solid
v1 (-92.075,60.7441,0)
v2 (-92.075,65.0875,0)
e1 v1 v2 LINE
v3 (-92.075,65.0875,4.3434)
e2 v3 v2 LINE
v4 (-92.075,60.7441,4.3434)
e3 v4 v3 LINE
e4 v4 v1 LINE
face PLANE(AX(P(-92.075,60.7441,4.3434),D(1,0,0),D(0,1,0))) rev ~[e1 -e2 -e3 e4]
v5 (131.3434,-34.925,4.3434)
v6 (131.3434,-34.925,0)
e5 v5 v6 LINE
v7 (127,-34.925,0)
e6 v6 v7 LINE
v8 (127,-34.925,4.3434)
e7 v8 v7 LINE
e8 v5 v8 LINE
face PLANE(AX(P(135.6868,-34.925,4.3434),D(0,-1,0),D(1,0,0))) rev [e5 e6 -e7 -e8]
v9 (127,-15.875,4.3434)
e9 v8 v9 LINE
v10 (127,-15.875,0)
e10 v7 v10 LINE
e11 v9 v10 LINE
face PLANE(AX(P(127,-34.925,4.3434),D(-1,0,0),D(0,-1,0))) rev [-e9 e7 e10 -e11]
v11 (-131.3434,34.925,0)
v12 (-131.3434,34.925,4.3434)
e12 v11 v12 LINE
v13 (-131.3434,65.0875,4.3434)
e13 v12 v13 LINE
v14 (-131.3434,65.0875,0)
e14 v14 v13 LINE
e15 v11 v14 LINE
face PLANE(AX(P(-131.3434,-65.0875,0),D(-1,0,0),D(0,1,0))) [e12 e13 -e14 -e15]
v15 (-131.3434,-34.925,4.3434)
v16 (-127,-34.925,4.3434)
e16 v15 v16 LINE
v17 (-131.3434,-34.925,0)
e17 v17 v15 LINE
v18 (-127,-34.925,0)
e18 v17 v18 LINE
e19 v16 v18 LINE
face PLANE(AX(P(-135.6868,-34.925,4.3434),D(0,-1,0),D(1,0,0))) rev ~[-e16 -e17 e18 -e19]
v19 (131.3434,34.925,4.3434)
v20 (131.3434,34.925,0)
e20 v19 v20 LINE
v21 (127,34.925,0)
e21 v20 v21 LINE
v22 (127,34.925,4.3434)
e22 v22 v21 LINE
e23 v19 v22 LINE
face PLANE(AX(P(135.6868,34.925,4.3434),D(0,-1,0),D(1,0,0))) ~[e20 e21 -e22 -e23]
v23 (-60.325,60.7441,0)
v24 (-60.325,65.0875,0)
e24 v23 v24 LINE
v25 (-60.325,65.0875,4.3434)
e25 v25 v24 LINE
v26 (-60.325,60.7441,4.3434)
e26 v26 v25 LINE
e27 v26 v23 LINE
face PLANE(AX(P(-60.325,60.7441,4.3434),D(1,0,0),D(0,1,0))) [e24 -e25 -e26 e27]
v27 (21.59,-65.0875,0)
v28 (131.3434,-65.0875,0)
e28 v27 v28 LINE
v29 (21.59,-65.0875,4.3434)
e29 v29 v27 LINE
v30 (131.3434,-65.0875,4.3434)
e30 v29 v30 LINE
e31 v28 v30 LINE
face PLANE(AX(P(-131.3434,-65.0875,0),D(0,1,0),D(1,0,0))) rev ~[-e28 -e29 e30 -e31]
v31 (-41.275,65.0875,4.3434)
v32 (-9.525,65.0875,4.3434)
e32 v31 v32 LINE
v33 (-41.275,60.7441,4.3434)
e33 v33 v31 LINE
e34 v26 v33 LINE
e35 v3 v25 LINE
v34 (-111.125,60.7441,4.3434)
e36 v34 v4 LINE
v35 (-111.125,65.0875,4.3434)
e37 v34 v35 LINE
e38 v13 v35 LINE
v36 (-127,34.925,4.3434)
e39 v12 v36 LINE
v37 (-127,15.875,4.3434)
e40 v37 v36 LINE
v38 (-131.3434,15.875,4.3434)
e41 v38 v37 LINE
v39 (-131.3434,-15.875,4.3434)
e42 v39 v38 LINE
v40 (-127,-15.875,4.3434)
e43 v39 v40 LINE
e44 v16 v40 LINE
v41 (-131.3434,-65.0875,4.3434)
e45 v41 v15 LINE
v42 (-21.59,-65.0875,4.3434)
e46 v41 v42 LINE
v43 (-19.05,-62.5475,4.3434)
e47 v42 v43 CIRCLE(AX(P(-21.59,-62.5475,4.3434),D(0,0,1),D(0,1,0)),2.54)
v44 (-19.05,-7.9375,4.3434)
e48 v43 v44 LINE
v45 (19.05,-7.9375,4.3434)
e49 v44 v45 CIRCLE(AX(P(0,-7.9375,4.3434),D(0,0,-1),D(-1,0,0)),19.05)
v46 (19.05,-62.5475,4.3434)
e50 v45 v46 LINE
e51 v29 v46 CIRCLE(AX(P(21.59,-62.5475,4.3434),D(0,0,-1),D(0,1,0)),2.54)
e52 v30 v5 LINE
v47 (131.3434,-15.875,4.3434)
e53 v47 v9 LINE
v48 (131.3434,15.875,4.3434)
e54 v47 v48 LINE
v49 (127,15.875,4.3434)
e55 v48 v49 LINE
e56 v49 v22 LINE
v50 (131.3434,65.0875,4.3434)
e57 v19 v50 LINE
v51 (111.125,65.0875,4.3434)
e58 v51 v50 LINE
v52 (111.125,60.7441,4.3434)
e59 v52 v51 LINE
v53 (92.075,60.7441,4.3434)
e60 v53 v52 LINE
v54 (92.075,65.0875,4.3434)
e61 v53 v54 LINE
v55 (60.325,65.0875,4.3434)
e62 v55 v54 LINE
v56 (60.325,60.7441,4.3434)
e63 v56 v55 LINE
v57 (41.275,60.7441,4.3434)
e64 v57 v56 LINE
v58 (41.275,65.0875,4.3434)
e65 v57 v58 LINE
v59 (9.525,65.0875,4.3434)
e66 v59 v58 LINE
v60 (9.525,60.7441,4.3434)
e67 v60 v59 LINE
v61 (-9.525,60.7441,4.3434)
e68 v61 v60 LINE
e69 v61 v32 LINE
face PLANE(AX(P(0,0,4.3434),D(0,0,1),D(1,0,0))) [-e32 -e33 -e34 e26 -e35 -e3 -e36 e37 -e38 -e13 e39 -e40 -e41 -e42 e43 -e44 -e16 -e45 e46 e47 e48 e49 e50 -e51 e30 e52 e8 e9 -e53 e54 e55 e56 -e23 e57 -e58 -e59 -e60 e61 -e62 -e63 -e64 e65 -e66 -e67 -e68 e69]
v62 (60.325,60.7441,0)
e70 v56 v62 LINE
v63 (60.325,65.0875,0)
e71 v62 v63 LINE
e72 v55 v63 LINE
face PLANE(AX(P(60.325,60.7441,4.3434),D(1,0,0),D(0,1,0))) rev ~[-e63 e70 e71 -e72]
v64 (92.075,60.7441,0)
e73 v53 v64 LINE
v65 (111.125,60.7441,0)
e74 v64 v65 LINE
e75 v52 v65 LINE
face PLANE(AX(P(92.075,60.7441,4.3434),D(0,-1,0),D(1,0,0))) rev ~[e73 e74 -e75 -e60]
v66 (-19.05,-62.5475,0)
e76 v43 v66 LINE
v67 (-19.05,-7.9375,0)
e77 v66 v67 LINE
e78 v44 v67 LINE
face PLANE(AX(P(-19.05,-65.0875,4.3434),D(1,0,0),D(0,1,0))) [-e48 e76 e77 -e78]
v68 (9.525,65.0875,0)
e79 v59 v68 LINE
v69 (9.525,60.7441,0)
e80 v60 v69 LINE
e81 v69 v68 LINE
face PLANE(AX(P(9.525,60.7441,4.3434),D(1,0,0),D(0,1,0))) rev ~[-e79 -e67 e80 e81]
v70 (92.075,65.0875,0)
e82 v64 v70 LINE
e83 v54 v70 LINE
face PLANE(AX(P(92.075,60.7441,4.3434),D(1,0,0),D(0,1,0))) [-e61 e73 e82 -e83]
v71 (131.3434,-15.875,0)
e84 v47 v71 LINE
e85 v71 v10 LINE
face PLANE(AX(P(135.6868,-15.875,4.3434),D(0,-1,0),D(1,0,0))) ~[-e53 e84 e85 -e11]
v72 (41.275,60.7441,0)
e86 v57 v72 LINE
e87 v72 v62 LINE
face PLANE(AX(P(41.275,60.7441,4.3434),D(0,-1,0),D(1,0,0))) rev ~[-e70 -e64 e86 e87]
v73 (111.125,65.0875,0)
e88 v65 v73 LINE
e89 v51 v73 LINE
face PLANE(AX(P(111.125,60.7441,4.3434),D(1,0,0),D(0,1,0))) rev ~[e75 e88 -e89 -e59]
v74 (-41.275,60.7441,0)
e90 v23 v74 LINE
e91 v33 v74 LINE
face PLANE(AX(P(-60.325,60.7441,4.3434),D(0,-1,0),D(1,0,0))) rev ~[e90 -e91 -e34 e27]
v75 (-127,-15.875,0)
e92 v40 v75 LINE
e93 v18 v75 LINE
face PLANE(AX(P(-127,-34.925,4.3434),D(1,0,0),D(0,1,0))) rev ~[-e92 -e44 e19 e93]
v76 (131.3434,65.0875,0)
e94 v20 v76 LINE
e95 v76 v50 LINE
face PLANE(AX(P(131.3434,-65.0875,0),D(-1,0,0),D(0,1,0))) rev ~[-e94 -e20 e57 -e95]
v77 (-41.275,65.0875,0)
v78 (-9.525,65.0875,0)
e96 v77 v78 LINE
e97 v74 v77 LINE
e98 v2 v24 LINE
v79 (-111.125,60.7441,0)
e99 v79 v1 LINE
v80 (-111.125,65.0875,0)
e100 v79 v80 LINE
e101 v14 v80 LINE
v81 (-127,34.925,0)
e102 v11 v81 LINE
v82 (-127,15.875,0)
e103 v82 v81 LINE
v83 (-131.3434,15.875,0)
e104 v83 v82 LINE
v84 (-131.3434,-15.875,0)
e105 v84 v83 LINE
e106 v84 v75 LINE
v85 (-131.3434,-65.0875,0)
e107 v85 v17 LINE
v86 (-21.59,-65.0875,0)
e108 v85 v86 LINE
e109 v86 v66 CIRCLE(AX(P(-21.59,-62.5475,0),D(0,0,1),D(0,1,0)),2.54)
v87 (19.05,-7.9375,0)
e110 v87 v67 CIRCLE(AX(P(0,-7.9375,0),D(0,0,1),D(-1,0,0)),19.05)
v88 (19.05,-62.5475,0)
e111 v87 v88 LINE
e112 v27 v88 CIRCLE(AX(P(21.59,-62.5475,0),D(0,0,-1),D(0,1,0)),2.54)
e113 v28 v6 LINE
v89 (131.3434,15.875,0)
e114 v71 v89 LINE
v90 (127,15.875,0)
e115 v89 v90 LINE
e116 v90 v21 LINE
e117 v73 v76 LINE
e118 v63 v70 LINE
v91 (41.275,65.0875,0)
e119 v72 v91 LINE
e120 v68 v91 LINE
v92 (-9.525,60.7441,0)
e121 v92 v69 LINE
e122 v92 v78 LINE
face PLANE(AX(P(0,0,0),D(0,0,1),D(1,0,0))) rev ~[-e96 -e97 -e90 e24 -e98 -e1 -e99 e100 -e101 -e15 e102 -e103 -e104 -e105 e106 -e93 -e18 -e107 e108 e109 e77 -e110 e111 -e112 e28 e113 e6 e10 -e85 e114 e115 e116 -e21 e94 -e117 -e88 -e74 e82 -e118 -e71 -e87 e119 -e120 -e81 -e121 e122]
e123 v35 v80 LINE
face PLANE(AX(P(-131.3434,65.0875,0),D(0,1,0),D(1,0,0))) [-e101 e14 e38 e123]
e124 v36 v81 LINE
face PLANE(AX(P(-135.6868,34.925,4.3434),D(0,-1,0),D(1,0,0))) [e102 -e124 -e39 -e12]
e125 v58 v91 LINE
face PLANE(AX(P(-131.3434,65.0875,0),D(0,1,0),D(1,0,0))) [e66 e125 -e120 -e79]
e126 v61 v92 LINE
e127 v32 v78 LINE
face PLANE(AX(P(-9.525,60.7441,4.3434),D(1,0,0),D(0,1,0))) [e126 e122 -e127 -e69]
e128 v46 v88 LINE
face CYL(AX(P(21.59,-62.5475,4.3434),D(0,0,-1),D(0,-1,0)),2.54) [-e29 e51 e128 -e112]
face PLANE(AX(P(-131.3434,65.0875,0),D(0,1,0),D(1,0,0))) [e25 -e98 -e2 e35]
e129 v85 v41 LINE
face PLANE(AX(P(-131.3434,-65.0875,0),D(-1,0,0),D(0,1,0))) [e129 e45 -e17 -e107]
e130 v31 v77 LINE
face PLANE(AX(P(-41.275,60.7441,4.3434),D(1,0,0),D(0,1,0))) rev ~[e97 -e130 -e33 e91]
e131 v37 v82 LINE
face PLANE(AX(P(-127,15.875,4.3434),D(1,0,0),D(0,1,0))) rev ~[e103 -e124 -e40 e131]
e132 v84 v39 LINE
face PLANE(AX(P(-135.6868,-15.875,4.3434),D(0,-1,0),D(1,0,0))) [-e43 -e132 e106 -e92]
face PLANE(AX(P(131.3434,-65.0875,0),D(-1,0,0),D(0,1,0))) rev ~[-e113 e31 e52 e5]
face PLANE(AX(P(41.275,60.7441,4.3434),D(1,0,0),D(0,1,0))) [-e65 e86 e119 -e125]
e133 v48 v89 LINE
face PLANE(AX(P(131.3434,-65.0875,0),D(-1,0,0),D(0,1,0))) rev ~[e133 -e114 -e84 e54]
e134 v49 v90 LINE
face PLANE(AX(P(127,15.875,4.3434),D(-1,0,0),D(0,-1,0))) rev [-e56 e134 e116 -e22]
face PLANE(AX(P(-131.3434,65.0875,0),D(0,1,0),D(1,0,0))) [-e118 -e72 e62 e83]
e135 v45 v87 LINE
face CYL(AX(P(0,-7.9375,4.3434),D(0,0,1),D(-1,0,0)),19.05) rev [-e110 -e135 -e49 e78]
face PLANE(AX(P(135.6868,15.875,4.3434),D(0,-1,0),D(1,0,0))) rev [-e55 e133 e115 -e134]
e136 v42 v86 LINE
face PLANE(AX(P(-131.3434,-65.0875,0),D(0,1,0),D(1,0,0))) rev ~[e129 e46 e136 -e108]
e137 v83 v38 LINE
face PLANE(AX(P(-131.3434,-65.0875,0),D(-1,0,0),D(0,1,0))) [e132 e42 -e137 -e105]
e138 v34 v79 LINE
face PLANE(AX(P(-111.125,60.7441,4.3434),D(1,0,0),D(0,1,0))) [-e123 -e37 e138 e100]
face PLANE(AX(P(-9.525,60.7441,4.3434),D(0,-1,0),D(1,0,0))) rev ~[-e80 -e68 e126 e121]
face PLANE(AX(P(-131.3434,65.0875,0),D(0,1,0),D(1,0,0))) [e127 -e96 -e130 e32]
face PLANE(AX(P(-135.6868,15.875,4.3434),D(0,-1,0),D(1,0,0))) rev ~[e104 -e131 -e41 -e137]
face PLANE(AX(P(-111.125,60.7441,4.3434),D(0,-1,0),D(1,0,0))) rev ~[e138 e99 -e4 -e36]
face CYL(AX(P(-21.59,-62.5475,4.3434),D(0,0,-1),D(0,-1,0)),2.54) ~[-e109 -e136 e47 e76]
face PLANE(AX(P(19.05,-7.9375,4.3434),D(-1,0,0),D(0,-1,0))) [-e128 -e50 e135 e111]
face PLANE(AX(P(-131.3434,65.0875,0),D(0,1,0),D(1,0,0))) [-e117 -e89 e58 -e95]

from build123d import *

# Parameters (mm, degrees)
SKETCH1_W           = 262.6868
SKETCH1_H           = 130.175
BOSS_EXTRUDE1_DEPTH = 4.3434
SKETCH2_W           = 19.05
SKETCH2_H           = 8.6868
CUT_EXTRUDE1_DEPTH  = 147.650388692
CUT_EXTRUDE2_DEPTH  = 147.650388692
SKETCH3_W           = 8.6868
SKETCH3_H           = 19.05
CUT_EXTRUDE3_DEPTH  = 147.650388692
FILLET1_R           = 2.54


with BuildPart() as part:
    # Sketch1 → Boss-Extrude1 (new body)
    with BuildSketch(Plane.XY):
        Rectangle(SKETCH1_W, SKETCH1_H)
    extrude(amount=BOSS_EXTRUDE1_DEPTH)

    # Sketch2 → Cut-Extrude1 (cut, through all)
    with BuildSketch(Plane.XY.offset(4.3434)):
        with Locations((-50.8, 65.0875)):
            Rectangle(SKETCH2_W, SKETCH2_H)
        with Locations((0, 65.0875)):
            Rectangle(SKETCH2_W, SKETCH2_H)
        with Locations((50.8, 65.0875)):
            Rectangle(SKETCH2_W, SKETCH2_H)
        with Locations((101.6, 65.0875)):
            Rectangle(SKETCH2_W, SKETCH2_H)
        with Locations((-101.6, 65.0875)):
            Rectangle(SKETCH2_W, SKETCH2_H)
    extrude(amount=-CUT_EXTRUDE1_DEPTH, mode=Mode.SUBTRACT)

    # Sketch4 → Cut-Extrude2 (cut, through all)
    with BuildSketch(Plane.XY.offset(4.3434)):
        with BuildLine():
            Line((-19.05, -65.0875), (-19.05, -7.9375))
            ThreePointArc((-19.05, -7.9375), (0, 11.1125), (19.05, -7.9375))
            Line((19.05, -7.9375), (19.05, -65.0875))
            ThreePointArc((19.05, -65.0875), (0, -84.1375), (-19.05, -65.0875))
        make_face()
    extrude(amount=-CUT_EXTRUDE2_DEPTH, mode=Mode.SUBTRACT)

    # Sketch3 → Cut-Extrude3 (cut, through all)
    with BuildSketch(Plane.XY.offset(4.3434)):
        with Locations((-131.3434, -25.4)):
            Rectangle(SKETCH3_W, SKETCH3_H)
        with Locations((-131.3434, 25.4)):
            Rectangle(SKETCH3_W, SKETCH3_H)
    cut_extrude3 = extrude(amount=-CUT_EXTRUDE3_DEPTH, mode=Mode.SUBTRACT)

    # Mirror1: Cut-Extrude3 across plane
    add(cut_extrude3.mirror(Plane(origin=(0, 0, 0), x_dir=(0, 0, 1), z_dir=(1, 0, 0))), mode=Mode.SUBTRACT)

    # Fillet1
    fillet1_edges = [part.edges().sort_by_distance(p)[0] for p in [
        (19.05, -65.0875, 2.1717),
        (-19.05, -65.0875, 2.1717),
    ]]
    fillet(fillet1_edges, radius=FILLET1_R)


solid = part.part
